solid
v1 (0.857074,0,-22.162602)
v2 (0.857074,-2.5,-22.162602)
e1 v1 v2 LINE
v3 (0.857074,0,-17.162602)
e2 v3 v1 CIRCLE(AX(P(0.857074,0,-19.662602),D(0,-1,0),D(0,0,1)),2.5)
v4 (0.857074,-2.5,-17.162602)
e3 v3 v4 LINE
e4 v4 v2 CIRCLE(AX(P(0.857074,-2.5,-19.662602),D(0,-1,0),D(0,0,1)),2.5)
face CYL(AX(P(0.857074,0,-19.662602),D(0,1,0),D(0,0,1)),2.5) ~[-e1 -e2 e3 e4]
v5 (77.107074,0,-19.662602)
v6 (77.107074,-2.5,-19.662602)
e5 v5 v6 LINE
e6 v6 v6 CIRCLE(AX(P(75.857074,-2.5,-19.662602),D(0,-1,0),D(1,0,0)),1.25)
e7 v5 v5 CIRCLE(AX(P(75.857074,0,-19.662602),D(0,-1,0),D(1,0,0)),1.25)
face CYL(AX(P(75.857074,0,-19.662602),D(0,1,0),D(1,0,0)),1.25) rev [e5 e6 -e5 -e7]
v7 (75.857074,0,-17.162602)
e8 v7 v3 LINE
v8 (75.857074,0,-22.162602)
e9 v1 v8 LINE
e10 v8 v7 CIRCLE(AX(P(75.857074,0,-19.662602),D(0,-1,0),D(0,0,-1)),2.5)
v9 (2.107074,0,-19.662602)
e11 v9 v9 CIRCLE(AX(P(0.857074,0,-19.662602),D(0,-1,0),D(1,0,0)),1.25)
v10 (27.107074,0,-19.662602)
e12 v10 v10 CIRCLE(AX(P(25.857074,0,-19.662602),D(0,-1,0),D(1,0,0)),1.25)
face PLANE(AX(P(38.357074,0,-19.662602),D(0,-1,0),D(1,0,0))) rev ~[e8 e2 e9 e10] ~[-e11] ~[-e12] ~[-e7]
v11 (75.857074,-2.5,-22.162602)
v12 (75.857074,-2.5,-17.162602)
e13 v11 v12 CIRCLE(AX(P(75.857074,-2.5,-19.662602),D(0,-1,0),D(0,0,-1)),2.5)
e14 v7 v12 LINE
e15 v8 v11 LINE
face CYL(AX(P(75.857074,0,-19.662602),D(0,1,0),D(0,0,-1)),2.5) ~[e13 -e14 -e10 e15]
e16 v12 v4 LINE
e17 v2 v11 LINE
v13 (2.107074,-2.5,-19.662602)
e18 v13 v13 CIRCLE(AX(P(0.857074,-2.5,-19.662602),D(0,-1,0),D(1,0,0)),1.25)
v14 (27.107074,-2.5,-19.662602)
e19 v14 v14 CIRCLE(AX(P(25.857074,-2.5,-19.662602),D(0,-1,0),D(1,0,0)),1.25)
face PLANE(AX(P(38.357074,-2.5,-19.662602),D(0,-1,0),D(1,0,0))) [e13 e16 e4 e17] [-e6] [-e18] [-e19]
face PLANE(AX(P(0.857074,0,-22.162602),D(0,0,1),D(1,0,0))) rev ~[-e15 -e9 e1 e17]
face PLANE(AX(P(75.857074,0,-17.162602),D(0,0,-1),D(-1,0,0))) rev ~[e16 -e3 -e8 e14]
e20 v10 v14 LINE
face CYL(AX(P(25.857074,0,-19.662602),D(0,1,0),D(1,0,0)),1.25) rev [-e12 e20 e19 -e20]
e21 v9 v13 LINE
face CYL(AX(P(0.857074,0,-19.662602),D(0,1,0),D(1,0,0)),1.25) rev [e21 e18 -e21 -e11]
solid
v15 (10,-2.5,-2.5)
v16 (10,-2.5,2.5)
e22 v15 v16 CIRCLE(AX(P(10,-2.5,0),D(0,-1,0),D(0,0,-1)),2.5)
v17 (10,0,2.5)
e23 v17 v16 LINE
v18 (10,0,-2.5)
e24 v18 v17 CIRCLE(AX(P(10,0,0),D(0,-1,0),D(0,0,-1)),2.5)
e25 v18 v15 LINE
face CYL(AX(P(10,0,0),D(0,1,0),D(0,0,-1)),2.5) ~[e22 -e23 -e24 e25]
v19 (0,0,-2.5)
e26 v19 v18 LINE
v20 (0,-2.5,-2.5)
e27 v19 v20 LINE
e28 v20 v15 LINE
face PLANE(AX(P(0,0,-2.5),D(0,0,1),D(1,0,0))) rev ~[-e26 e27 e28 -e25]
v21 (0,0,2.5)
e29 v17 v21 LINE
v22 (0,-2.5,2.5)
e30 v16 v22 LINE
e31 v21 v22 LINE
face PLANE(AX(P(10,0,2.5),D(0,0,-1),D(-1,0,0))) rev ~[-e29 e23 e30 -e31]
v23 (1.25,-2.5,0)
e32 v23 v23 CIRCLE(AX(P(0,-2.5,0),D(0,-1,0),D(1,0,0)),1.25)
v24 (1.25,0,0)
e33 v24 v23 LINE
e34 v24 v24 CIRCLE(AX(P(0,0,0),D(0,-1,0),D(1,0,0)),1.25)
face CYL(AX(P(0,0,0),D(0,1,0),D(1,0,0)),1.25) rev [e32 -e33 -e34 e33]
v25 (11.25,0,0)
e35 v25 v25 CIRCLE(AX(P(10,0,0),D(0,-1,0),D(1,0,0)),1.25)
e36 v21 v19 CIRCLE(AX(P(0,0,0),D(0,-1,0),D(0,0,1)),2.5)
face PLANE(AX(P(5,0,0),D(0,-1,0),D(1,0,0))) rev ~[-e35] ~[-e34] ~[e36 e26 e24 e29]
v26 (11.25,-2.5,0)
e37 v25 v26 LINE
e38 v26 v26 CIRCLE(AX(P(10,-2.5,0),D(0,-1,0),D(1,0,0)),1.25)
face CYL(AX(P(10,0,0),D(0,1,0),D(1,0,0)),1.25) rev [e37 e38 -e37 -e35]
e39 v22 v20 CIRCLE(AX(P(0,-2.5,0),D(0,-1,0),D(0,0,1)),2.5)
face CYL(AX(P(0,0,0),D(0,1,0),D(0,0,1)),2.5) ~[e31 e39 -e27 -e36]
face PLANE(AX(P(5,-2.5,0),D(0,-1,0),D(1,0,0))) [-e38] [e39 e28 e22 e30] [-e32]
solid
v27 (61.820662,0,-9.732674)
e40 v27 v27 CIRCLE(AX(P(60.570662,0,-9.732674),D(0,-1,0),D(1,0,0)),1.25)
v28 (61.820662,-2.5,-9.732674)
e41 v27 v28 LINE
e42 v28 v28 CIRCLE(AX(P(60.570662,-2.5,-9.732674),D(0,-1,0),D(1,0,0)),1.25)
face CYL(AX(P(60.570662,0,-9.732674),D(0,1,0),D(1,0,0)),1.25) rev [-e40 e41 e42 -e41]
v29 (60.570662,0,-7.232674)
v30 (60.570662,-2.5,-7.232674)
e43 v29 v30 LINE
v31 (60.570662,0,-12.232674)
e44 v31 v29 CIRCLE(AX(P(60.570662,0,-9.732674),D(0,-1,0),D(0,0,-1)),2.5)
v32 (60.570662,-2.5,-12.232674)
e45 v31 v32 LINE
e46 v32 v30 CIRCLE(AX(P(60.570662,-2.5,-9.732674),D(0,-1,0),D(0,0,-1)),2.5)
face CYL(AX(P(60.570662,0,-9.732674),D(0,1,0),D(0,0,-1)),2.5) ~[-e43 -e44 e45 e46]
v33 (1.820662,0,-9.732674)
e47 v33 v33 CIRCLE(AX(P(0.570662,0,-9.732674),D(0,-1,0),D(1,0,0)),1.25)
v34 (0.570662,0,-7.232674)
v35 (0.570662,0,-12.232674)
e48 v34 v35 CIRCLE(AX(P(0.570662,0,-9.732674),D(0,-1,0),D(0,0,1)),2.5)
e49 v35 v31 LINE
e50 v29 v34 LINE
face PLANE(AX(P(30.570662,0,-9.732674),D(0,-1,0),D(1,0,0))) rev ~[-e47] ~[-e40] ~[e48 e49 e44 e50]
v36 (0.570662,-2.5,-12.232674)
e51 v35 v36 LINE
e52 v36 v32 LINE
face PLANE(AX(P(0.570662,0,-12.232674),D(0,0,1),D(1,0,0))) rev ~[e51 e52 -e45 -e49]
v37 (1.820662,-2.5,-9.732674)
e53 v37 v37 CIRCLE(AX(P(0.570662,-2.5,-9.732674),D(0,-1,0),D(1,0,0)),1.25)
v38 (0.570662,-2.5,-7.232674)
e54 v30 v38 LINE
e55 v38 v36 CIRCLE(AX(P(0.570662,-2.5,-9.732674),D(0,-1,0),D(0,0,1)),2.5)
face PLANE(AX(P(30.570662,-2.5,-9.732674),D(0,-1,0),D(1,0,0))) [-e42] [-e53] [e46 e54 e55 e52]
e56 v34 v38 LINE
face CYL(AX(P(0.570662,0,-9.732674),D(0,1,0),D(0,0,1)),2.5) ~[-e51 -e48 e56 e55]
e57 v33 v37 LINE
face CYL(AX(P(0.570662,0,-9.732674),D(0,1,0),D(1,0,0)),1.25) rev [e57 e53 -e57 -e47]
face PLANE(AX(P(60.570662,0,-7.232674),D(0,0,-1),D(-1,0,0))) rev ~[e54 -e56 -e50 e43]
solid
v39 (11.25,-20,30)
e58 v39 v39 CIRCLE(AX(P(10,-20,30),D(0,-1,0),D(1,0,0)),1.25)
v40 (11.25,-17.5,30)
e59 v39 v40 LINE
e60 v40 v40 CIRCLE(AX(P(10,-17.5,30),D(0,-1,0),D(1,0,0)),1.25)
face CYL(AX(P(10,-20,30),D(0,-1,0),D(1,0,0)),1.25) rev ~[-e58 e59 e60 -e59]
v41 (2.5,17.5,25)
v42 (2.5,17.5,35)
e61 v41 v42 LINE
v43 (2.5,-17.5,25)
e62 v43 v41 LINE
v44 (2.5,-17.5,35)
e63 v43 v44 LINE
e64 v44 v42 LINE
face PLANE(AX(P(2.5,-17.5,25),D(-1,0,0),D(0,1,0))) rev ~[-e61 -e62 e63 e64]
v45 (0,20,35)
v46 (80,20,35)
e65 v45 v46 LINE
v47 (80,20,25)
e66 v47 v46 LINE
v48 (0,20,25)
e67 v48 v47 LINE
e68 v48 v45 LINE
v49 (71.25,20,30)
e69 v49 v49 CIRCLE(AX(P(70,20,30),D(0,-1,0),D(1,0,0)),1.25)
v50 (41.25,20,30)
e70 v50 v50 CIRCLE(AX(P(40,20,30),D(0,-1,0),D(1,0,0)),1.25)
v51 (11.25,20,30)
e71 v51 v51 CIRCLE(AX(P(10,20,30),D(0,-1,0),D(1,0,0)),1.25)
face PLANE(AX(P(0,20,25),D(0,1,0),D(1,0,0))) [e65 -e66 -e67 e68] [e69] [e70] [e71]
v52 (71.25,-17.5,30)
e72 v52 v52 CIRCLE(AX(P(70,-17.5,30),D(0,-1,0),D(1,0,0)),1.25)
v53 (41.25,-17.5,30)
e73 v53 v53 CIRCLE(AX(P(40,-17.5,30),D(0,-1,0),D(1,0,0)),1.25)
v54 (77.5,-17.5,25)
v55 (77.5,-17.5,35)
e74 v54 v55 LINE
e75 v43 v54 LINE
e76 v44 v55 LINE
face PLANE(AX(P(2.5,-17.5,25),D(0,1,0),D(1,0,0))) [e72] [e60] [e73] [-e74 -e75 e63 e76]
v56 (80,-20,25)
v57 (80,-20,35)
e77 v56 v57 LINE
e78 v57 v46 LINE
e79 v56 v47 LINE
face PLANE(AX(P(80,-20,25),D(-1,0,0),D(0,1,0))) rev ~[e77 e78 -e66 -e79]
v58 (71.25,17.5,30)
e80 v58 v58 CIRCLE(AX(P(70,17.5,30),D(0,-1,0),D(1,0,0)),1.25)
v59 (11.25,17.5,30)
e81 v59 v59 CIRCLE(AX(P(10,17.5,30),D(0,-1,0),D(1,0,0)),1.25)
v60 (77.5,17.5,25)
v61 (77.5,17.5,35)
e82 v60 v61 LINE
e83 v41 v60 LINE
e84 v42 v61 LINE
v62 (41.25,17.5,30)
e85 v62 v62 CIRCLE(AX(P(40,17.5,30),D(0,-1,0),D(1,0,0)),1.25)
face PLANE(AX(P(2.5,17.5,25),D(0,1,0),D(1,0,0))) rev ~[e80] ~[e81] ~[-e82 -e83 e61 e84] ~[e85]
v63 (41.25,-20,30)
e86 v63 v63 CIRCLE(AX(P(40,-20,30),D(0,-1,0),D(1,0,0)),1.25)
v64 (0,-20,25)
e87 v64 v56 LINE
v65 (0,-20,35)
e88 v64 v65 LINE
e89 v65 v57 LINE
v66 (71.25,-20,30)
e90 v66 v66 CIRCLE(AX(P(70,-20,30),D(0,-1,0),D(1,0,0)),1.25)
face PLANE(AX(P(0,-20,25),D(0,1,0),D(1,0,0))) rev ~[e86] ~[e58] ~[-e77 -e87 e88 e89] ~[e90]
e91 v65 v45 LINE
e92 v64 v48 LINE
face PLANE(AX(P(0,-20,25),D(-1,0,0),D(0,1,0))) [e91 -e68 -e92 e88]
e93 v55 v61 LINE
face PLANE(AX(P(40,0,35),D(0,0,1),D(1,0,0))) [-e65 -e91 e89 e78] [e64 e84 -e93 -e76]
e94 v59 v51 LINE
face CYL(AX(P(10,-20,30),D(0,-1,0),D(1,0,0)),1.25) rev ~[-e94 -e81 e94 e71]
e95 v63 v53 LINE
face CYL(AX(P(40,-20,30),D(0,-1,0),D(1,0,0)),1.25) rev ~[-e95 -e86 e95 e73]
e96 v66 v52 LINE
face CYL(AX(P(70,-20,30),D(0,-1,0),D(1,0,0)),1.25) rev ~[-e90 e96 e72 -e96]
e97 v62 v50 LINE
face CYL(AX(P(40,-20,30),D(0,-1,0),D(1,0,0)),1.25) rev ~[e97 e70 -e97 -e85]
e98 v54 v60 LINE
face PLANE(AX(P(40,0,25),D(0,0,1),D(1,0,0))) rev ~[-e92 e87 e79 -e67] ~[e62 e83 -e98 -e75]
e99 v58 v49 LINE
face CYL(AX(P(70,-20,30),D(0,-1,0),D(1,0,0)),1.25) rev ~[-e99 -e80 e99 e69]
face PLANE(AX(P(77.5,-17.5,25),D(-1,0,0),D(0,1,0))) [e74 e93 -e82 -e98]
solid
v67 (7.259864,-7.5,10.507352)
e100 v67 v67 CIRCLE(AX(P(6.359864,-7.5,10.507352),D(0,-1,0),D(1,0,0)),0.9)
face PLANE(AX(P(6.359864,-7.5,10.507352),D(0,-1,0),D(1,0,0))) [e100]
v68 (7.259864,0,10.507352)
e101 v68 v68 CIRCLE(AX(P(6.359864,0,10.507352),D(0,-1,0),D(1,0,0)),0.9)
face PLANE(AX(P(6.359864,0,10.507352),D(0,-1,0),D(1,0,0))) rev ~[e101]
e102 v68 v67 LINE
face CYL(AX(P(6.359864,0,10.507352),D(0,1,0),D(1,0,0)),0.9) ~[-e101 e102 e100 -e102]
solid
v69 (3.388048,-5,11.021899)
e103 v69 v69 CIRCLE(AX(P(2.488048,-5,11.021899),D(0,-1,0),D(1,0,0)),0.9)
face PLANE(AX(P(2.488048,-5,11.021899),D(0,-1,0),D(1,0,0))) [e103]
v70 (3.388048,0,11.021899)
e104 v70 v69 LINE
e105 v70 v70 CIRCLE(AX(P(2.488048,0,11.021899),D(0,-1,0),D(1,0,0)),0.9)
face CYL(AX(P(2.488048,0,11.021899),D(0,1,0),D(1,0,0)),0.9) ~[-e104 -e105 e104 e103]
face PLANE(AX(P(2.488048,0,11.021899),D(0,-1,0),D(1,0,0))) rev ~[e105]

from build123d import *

# Parameters (mm, degrees)
F3_R      = 1.25
F4_DEPTH  = 2.5
F5_R      = 1.25
F6_DEPTH  = 2.5
F7_R      = 1.25
F8_DEPTH  = 2.5
F10_W     = 80
F10_H     = 40
F10_W_2   = 75
F10_H_2   = 35
F11_DEPTH = 10
F12_R     = 1.25
F13_DEPTH = 40.001
F14_R     = 0.9
F15_DEPTH = 5
F16_R     = 0.9
F17_DEPTH = 7.5


with BuildPart() as f4:
    # F3 (on Front) → F4 (new body)
    with BuildSketch(Plane.XZ):
        with BuildLine():
            Line((10, 2.5), (0, 2.5))
            ThreePointArc((0, 2.5), (-2.5, 0), (0, -2.5))
            Line((0, -2.5), (10, -2.5))
            ThreePointArc((10, -2.5), (12.5, 0), (10, 2.5))
        make_face()
        Circle(F3_R, mode=Mode.SUBTRACT)
        with Locations((10, 0)):
            Circle(F3_R, mode=Mode.SUBTRACT)
    extrude(amount=F4_DEPTH)


with BuildPart() as f6:
    # F5 (on Front) → F6 (new body)
    with BuildSketch(Plane.XZ):
        with BuildLine():
            Line((60.5706622079, -7.232673876), (0.5706622079, -7.232673876))
            ThreePointArc((0.5706622079, -7.232673876), (-1.9293377921, -9.732673876), (0.5706622079, -12.232673876))
            Line((0.5706622079, -12.232673876), (60.5706622079, -12.232673876))
            ThreePointArc((60.5706622079, -12.232673876), (63.0706622079, -9.732673876), (60.5706622079, -7.232673876))
        make_face()
        with Locations((0.5706622079, -9.732673876)):
            Circle(F5_R, mode=Mode.SUBTRACT)
        with Locations((60.5706622079, -9.732673876)):
            Circle(F5_R, mode=Mode.SUBTRACT)
    extrude(amount=F6_DEPTH)


with BuildPart() as f8:
    # F7 (on Front) → F8 (new body)
    with BuildSketch(Plane.XZ):
        with BuildLine():
            Line((75.8570737601, -17.1626018733), (0.8570737601, -17.1626018733))
            ThreePointArc((0.8570737601, -17.1626018733), (-1.6429262399, -19.6626018733), (0.8570737601, -22.1626018733))
            Line((0.8570737601, -22.1626018733), (75.8570737601, -22.1626018733))
            ThreePointArc((75.8570737601, -22.1626018733), (78.3570737601, -19.6626018733), (75.8570737601, -17.1626018733))
        make_face()
        with Locations((0.8570737601, -19.6626018733)):
            Circle(F7_R, mode=Mode.SUBTRACT)
        with Locations((25.8570737601, -19.6626018733)):
            Circle(F7_R, mode=Mode.SUBTRACT)
        with Locations((75.8570737601, -19.6626018733)):
            Circle(F7_R, mode=Mode.SUBTRACT)
    extrude(amount=F8_DEPTH)


with BuildPart() as f11:
    # F10 (on offset) → F11 (new body)
    with BuildSketch(Plane.XY.offset(25)):
        with Locations((40, 0)):
            Rectangle(F10_W, F10_H)
        with Locations((40, 0)):
            Rectangle(F10_W_2, F10_H_2, mode=Mode.SUBTRACT)
    extrude(amount=F11_DEPTH)

    # F12 (on face) → F13 (cut, through all)
    with BuildSketch(Plane.XZ.offset(20)):
        with Locations((10, 30)):
            Circle(F12_R)
        with Locations((70, 30)):
            Circle(F12_R)
        with Locations((40, 30)):
            Circle(F12_R)
    extrude(amount=-F13_DEPTH, mode=Mode.SUBTRACT)


with BuildPart() as f15:
    # F14 (on Front) → F15 (new body)
    with BuildSketch(Plane.XZ):
        with Locations((2.488047583, 11.0218990594)):
            Circle(F14_R)
    extrude(amount=F15_DEPTH)


with BuildPart() as f17:
    # F16 (on Front) → F17 (new body)
    with BuildSketch(Plane.XZ):
        with Locations((6.359864492, 10.5073517188)):
            Circle(F16_R)
    extrude(amount=F17_DEPTH)


solid = Compound([f4.part, f6.part, f8.part, f11.part, f15.part, f17.part])
